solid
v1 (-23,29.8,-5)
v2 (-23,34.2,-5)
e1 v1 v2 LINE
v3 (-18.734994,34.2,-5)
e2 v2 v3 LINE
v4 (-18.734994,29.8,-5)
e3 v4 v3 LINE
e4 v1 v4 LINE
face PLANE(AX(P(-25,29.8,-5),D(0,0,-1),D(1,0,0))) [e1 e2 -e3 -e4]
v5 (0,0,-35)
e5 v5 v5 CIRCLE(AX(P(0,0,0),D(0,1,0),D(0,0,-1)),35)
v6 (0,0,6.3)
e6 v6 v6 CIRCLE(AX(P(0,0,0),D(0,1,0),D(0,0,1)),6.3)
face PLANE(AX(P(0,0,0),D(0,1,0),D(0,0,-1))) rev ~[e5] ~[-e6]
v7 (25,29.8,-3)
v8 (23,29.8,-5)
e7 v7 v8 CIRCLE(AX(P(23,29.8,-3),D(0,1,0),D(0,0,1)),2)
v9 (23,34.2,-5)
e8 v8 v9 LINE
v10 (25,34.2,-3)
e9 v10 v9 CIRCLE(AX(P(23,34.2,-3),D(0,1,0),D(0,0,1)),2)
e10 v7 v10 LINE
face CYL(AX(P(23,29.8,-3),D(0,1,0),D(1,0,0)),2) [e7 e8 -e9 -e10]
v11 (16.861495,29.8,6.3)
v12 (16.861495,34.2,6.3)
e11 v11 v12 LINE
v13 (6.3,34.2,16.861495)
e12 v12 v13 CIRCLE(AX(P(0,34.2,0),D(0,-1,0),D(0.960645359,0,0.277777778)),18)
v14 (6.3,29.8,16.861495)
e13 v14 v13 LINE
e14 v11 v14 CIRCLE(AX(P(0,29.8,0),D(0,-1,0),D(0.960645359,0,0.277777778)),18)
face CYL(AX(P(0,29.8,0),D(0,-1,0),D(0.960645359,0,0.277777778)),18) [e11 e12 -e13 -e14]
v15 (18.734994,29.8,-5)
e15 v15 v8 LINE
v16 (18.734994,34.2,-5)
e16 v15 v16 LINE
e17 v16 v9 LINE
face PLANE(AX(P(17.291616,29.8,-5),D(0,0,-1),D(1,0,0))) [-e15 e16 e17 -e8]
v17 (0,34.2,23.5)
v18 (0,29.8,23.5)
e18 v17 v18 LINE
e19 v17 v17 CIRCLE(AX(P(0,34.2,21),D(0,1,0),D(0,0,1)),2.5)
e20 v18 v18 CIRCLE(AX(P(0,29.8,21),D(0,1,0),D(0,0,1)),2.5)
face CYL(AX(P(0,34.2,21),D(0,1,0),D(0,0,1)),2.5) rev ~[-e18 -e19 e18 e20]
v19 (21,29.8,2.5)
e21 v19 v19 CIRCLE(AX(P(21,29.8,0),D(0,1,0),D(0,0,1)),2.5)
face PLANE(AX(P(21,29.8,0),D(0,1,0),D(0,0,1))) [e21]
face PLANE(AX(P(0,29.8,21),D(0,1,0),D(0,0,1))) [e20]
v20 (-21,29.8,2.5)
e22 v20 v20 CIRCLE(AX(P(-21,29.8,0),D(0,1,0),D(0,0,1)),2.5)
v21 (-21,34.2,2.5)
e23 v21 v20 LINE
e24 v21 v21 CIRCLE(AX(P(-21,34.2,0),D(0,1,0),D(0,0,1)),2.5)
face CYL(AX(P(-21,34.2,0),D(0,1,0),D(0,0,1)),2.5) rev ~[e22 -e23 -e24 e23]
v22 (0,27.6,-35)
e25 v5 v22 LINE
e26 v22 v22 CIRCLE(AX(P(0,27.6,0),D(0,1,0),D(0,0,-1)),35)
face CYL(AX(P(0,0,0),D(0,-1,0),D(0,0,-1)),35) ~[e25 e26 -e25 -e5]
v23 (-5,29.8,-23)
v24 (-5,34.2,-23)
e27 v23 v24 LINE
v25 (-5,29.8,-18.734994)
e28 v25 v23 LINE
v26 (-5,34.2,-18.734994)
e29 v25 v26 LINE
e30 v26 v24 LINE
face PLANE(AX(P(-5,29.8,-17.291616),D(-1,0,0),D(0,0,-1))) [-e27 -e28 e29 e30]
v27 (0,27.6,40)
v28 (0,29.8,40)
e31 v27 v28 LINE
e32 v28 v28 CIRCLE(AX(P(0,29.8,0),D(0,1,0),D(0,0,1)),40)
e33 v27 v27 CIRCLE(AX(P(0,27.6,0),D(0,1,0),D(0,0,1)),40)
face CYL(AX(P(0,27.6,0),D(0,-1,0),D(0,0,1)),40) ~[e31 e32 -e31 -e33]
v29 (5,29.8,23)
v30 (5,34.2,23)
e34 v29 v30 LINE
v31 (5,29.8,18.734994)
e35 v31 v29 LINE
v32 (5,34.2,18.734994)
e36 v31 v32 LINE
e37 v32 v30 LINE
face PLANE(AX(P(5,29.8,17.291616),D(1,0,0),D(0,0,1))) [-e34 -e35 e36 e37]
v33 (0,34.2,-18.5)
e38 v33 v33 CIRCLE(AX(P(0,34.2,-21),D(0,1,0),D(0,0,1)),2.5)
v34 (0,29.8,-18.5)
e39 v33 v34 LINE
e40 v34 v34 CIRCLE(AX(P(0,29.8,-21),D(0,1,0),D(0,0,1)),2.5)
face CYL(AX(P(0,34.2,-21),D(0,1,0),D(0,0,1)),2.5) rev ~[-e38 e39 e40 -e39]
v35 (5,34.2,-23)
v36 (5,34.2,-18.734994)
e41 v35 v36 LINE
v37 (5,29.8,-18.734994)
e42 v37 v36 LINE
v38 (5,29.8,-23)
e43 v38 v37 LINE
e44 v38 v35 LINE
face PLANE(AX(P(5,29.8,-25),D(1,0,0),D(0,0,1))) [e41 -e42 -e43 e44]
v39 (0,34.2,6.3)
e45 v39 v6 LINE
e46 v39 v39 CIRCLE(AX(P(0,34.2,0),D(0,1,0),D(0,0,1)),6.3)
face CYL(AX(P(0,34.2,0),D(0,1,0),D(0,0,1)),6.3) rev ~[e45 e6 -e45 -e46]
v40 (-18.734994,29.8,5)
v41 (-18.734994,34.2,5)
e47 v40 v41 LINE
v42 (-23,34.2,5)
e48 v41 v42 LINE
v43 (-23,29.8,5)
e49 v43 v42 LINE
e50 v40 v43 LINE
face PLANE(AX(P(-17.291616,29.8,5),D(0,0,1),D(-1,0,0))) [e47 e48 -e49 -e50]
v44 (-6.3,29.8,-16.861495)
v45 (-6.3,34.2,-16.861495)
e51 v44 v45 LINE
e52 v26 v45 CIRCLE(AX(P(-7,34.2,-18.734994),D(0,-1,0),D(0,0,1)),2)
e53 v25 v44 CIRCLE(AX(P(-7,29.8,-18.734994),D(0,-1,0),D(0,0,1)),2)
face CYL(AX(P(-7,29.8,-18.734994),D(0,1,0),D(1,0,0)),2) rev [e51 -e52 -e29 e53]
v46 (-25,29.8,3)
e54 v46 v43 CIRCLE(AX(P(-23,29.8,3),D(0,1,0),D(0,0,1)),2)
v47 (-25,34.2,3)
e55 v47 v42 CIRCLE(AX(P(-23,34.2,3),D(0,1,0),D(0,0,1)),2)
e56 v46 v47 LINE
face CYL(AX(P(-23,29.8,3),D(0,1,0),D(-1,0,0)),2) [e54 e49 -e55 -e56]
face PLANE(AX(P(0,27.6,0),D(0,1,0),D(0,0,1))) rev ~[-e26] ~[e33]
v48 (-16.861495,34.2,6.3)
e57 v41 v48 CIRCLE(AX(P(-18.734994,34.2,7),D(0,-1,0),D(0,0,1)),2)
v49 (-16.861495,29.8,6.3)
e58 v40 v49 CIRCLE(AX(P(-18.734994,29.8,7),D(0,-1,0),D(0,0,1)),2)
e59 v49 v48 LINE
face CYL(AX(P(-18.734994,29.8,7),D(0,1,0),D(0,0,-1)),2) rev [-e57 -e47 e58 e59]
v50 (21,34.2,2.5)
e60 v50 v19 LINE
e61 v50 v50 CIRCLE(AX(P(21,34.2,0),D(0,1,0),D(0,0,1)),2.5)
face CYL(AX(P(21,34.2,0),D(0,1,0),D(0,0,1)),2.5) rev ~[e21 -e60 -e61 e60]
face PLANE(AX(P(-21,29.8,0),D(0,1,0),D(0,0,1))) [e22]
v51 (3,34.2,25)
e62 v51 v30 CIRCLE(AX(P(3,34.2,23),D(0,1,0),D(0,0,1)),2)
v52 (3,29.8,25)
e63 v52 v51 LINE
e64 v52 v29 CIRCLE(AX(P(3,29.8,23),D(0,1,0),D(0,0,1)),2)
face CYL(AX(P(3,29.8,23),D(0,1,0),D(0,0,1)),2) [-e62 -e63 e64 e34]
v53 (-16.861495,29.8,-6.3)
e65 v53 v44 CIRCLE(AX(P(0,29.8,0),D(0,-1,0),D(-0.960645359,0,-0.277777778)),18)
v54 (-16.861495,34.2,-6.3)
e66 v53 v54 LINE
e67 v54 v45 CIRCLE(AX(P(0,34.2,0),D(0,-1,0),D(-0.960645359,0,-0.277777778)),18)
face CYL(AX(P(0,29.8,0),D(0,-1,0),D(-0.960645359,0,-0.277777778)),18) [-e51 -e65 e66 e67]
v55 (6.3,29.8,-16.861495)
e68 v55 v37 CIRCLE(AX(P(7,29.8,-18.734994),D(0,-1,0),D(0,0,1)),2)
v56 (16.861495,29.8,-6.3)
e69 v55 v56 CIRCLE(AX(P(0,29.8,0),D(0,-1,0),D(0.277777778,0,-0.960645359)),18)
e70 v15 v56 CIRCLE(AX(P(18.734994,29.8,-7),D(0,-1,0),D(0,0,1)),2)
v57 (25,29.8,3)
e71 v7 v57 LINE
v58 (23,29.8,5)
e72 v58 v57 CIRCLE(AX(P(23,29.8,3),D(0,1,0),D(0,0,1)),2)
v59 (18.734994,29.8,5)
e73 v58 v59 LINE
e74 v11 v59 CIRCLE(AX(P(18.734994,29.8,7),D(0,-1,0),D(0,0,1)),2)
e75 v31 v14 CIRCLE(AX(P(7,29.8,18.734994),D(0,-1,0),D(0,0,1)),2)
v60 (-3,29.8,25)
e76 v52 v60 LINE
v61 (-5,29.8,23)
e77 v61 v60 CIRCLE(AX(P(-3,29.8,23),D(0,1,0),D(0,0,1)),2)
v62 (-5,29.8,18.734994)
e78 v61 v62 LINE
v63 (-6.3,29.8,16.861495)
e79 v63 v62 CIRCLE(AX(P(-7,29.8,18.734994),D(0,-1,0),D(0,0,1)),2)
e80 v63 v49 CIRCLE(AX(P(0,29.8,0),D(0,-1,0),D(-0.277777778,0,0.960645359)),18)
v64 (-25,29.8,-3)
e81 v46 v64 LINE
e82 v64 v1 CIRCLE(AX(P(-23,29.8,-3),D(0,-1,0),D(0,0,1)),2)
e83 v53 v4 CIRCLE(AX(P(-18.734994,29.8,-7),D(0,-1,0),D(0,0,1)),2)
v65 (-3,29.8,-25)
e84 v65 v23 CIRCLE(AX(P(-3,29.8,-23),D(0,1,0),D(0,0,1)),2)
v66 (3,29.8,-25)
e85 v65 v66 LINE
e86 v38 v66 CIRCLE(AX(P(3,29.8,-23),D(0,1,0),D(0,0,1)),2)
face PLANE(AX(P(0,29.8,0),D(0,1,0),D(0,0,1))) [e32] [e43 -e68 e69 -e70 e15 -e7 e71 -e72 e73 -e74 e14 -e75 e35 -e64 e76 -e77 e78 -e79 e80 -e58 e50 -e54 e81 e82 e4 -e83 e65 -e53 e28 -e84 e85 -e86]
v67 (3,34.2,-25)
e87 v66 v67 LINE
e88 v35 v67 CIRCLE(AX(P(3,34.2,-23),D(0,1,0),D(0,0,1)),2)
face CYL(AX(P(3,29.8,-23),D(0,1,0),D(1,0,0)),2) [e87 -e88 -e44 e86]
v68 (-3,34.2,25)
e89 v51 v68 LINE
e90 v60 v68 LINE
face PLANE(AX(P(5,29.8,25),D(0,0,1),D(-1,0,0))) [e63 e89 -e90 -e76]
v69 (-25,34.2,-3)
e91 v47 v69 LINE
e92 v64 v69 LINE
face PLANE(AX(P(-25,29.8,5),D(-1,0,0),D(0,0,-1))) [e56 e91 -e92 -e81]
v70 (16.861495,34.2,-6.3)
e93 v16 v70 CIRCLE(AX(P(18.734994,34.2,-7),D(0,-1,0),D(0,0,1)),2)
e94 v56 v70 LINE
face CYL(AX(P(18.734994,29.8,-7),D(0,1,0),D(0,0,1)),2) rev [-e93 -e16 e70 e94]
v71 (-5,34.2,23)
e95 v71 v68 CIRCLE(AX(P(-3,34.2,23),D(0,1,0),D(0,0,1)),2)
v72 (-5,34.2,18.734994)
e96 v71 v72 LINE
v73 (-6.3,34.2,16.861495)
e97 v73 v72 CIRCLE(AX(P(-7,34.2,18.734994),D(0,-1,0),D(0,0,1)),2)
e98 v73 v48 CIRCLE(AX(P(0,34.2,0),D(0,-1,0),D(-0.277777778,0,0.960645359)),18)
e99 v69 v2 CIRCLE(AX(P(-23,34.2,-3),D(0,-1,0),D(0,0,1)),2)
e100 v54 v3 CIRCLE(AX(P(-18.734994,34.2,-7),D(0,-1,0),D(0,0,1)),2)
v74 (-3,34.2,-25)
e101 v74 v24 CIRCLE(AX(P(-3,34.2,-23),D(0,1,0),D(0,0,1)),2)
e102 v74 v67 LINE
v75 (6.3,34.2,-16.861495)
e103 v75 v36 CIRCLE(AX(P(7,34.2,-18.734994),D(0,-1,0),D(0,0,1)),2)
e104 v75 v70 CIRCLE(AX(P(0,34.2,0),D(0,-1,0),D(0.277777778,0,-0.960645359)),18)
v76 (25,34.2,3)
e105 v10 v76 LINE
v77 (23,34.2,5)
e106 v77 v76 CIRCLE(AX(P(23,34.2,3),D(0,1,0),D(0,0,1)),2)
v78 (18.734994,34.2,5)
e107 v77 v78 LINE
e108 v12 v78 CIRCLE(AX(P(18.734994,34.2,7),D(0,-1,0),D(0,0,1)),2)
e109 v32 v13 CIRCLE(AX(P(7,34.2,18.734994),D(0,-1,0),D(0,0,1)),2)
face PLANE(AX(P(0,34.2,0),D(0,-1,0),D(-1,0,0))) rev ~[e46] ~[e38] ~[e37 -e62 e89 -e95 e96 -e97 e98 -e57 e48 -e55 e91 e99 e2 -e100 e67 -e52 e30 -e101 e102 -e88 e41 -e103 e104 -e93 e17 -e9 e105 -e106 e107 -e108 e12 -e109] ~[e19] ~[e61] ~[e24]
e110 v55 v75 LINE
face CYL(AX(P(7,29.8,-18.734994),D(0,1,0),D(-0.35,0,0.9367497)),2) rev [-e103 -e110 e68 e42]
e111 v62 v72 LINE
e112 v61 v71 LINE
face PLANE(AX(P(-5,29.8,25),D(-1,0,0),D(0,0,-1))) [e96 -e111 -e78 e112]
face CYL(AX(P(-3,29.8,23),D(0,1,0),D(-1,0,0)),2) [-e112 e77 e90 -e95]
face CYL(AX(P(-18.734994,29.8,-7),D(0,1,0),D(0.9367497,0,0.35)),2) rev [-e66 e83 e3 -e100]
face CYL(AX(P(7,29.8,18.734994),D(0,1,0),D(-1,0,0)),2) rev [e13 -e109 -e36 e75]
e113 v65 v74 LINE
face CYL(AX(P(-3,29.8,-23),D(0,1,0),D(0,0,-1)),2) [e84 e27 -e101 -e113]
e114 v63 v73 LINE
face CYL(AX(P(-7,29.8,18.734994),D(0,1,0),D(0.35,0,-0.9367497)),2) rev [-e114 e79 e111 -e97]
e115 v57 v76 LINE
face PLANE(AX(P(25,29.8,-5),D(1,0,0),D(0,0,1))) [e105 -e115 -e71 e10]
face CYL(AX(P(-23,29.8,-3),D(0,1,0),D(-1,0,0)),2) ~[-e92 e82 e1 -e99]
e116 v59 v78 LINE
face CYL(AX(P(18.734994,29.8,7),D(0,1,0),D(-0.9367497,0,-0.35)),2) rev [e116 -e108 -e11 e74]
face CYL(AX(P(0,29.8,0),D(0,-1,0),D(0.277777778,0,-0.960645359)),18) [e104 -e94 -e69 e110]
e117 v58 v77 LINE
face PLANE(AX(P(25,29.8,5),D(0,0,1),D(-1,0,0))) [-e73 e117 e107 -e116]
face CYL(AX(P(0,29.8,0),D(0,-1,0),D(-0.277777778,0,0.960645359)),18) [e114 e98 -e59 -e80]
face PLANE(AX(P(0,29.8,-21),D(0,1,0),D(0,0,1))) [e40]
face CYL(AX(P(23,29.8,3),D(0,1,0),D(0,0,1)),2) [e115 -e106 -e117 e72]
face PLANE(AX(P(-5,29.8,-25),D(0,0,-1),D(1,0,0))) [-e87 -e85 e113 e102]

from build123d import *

# Parameters (mm, degrees)
SKETCH1_R           = 35
BOSS_EXTRUDE1_DEPTH = 27.6
SKETCH2_R           = 40
BOSS_EXTRUDE2_DEPTH = 2.2
BOSS_EXTRUDE3_DEPTH = 4.4
FILLET3_R           = 2
SKETCH4_R           = 6.3
CUT_EXTRUDE1_DEPTH  = 34.2
SKETCH5_R           = 2.5
CUT_EXTRUDE2_DEPTH  = 4.4


with BuildPart() as part:
    # Sketch1 → Boss-Extrude1 (new body)
    with BuildSketch(Plane(origin=(0, 0, 0), x_dir=(1, 0, 0), z_dir=(0, 1, 0))):
        with Locations(Location((0, 0, 0), (0, 0, 90))):
            Circle(SKETCH1_R)
    extrude(amount=BOSS_EXTRUDE1_DEPTH)

    # Sketch2 → Boss-Extrude2 (add)
    with BuildSketch(Plane(origin=(0, 27.6, 0), x_dir=(1, 0, 0), z_dir=(0, 1, 0))):
        with Locations(Location((0, 0, 0), (0, 0, 270))):
            Circle(SKETCH2_R)
    extrude(amount=BOSS_EXTRUDE2_DEPTH)

    # Sketch3 → Boss-Extrude3 (add)
    with BuildSketch(Plane(origin=(0, 29.8, 0), x_dir=(1, 0, 0), z_dir=(0, 1, 0))):
        with BuildLine():
            Line((-25, 5), (-17.291616466, 5))
            ThreePointArc((-17.291616466, 5), (-12.727922061, 12.727922061), (-5, 17.291616466))
            Line((-5, 17.291616466), (-5, 25))
            Line((-5, 25), (5, 25))
            Line((5, 25), (5, 17.291616466))
            ThreePointArc((5, 17.291616466), (12.727922061, 12.727922061), (17.291616466, 5))
            Line((17.291616466, 5), (25, 5))
            Line((25, 5), (25, -5))
            Line((25, -5), (17.291616466, -5))
            ThreePointArc((17.291616466, -5), (12.727922061, -12.727922061), (5, -17.291616466))
            Line((5, -17.291616466), (5, -25))
            Line((5, -25), (-5, -25))
            Line((-5, -25), (-5, -17.291616466))
            ThreePointArc((-5, -17.291616466), (-12.727922061, -12.727922061), (-17.291616466, -5))
            Line((-17.291616466, -5), (-25, -5))
            Line((-25, -5), (-25, 5))
        make_face()
    extrude(amount=BOSS_EXTRUDE3_DEPTH)

    # Fillet3
    fillet3_edges = [part.edges().sort_by_distance(p)[0] for p in [
        (-25, 32, -5),
        (-25, 32, 5),
        (-17.291616466, 32, 5),
        (-5, 32, 17.291616466),
        (-5, 32, 25),
        (5, 32, 25),
        (5, 32, 17.291616466),
        (17.291616466, 32, 5),
        (25, 32, 5),
        (25, 32, -5),
        (17.291616466, 32, -5),
        (5, 32, -17.291616466),
        (5, 32, -25),
        (-5, 32, -25),
        (-5, 32, -17.291616466),
        (-17.291616466, 32, -5),
    ]]
    fillet(fillet3_edges, radius=FILLET3_R)

    # Sketch4 → Cut-Extrude1 (cut)
    with BuildSketch(Plane(origin=(0, 34.2, 0), x_dir=(1, 0, 0), z_dir=(0, 1, 0))):
        with Locations(Location((0, 0, 0), (0, 0, 270))):
            Circle(SKETCH4_R)
    extrude(amount=-CUT_EXTRUDE1_DEPTH, mode=Mode.SUBTRACT)

    # Sketch5 → Cut-Extrude2 (cut)
    with BuildSketch(Plane(origin=(0, 34.2, 0), x_dir=(1, 0, 0), z_dir=(0, 1, 0))):
        with Locations(Location((21, 0, 0), (0, 0, 270))):
            Circle(SKETCH5_R)
        with Locations(Location((0, -21, 0), (0, 0, 270))):
            Circle(SKETCH5_R)
        with Locations(Location((-21, 0, 0), (0, 0, 270))):
            Circle(SKETCH5_R)
        with Locations(Location((0, 21, 0), (0, 0, 270))):
            Circle(SKETCH5_R)
    extrude(amount=-CUT_EXTRUDE2_DEPTH, mode=Mode.SUBTRACT)


solid = part.part
